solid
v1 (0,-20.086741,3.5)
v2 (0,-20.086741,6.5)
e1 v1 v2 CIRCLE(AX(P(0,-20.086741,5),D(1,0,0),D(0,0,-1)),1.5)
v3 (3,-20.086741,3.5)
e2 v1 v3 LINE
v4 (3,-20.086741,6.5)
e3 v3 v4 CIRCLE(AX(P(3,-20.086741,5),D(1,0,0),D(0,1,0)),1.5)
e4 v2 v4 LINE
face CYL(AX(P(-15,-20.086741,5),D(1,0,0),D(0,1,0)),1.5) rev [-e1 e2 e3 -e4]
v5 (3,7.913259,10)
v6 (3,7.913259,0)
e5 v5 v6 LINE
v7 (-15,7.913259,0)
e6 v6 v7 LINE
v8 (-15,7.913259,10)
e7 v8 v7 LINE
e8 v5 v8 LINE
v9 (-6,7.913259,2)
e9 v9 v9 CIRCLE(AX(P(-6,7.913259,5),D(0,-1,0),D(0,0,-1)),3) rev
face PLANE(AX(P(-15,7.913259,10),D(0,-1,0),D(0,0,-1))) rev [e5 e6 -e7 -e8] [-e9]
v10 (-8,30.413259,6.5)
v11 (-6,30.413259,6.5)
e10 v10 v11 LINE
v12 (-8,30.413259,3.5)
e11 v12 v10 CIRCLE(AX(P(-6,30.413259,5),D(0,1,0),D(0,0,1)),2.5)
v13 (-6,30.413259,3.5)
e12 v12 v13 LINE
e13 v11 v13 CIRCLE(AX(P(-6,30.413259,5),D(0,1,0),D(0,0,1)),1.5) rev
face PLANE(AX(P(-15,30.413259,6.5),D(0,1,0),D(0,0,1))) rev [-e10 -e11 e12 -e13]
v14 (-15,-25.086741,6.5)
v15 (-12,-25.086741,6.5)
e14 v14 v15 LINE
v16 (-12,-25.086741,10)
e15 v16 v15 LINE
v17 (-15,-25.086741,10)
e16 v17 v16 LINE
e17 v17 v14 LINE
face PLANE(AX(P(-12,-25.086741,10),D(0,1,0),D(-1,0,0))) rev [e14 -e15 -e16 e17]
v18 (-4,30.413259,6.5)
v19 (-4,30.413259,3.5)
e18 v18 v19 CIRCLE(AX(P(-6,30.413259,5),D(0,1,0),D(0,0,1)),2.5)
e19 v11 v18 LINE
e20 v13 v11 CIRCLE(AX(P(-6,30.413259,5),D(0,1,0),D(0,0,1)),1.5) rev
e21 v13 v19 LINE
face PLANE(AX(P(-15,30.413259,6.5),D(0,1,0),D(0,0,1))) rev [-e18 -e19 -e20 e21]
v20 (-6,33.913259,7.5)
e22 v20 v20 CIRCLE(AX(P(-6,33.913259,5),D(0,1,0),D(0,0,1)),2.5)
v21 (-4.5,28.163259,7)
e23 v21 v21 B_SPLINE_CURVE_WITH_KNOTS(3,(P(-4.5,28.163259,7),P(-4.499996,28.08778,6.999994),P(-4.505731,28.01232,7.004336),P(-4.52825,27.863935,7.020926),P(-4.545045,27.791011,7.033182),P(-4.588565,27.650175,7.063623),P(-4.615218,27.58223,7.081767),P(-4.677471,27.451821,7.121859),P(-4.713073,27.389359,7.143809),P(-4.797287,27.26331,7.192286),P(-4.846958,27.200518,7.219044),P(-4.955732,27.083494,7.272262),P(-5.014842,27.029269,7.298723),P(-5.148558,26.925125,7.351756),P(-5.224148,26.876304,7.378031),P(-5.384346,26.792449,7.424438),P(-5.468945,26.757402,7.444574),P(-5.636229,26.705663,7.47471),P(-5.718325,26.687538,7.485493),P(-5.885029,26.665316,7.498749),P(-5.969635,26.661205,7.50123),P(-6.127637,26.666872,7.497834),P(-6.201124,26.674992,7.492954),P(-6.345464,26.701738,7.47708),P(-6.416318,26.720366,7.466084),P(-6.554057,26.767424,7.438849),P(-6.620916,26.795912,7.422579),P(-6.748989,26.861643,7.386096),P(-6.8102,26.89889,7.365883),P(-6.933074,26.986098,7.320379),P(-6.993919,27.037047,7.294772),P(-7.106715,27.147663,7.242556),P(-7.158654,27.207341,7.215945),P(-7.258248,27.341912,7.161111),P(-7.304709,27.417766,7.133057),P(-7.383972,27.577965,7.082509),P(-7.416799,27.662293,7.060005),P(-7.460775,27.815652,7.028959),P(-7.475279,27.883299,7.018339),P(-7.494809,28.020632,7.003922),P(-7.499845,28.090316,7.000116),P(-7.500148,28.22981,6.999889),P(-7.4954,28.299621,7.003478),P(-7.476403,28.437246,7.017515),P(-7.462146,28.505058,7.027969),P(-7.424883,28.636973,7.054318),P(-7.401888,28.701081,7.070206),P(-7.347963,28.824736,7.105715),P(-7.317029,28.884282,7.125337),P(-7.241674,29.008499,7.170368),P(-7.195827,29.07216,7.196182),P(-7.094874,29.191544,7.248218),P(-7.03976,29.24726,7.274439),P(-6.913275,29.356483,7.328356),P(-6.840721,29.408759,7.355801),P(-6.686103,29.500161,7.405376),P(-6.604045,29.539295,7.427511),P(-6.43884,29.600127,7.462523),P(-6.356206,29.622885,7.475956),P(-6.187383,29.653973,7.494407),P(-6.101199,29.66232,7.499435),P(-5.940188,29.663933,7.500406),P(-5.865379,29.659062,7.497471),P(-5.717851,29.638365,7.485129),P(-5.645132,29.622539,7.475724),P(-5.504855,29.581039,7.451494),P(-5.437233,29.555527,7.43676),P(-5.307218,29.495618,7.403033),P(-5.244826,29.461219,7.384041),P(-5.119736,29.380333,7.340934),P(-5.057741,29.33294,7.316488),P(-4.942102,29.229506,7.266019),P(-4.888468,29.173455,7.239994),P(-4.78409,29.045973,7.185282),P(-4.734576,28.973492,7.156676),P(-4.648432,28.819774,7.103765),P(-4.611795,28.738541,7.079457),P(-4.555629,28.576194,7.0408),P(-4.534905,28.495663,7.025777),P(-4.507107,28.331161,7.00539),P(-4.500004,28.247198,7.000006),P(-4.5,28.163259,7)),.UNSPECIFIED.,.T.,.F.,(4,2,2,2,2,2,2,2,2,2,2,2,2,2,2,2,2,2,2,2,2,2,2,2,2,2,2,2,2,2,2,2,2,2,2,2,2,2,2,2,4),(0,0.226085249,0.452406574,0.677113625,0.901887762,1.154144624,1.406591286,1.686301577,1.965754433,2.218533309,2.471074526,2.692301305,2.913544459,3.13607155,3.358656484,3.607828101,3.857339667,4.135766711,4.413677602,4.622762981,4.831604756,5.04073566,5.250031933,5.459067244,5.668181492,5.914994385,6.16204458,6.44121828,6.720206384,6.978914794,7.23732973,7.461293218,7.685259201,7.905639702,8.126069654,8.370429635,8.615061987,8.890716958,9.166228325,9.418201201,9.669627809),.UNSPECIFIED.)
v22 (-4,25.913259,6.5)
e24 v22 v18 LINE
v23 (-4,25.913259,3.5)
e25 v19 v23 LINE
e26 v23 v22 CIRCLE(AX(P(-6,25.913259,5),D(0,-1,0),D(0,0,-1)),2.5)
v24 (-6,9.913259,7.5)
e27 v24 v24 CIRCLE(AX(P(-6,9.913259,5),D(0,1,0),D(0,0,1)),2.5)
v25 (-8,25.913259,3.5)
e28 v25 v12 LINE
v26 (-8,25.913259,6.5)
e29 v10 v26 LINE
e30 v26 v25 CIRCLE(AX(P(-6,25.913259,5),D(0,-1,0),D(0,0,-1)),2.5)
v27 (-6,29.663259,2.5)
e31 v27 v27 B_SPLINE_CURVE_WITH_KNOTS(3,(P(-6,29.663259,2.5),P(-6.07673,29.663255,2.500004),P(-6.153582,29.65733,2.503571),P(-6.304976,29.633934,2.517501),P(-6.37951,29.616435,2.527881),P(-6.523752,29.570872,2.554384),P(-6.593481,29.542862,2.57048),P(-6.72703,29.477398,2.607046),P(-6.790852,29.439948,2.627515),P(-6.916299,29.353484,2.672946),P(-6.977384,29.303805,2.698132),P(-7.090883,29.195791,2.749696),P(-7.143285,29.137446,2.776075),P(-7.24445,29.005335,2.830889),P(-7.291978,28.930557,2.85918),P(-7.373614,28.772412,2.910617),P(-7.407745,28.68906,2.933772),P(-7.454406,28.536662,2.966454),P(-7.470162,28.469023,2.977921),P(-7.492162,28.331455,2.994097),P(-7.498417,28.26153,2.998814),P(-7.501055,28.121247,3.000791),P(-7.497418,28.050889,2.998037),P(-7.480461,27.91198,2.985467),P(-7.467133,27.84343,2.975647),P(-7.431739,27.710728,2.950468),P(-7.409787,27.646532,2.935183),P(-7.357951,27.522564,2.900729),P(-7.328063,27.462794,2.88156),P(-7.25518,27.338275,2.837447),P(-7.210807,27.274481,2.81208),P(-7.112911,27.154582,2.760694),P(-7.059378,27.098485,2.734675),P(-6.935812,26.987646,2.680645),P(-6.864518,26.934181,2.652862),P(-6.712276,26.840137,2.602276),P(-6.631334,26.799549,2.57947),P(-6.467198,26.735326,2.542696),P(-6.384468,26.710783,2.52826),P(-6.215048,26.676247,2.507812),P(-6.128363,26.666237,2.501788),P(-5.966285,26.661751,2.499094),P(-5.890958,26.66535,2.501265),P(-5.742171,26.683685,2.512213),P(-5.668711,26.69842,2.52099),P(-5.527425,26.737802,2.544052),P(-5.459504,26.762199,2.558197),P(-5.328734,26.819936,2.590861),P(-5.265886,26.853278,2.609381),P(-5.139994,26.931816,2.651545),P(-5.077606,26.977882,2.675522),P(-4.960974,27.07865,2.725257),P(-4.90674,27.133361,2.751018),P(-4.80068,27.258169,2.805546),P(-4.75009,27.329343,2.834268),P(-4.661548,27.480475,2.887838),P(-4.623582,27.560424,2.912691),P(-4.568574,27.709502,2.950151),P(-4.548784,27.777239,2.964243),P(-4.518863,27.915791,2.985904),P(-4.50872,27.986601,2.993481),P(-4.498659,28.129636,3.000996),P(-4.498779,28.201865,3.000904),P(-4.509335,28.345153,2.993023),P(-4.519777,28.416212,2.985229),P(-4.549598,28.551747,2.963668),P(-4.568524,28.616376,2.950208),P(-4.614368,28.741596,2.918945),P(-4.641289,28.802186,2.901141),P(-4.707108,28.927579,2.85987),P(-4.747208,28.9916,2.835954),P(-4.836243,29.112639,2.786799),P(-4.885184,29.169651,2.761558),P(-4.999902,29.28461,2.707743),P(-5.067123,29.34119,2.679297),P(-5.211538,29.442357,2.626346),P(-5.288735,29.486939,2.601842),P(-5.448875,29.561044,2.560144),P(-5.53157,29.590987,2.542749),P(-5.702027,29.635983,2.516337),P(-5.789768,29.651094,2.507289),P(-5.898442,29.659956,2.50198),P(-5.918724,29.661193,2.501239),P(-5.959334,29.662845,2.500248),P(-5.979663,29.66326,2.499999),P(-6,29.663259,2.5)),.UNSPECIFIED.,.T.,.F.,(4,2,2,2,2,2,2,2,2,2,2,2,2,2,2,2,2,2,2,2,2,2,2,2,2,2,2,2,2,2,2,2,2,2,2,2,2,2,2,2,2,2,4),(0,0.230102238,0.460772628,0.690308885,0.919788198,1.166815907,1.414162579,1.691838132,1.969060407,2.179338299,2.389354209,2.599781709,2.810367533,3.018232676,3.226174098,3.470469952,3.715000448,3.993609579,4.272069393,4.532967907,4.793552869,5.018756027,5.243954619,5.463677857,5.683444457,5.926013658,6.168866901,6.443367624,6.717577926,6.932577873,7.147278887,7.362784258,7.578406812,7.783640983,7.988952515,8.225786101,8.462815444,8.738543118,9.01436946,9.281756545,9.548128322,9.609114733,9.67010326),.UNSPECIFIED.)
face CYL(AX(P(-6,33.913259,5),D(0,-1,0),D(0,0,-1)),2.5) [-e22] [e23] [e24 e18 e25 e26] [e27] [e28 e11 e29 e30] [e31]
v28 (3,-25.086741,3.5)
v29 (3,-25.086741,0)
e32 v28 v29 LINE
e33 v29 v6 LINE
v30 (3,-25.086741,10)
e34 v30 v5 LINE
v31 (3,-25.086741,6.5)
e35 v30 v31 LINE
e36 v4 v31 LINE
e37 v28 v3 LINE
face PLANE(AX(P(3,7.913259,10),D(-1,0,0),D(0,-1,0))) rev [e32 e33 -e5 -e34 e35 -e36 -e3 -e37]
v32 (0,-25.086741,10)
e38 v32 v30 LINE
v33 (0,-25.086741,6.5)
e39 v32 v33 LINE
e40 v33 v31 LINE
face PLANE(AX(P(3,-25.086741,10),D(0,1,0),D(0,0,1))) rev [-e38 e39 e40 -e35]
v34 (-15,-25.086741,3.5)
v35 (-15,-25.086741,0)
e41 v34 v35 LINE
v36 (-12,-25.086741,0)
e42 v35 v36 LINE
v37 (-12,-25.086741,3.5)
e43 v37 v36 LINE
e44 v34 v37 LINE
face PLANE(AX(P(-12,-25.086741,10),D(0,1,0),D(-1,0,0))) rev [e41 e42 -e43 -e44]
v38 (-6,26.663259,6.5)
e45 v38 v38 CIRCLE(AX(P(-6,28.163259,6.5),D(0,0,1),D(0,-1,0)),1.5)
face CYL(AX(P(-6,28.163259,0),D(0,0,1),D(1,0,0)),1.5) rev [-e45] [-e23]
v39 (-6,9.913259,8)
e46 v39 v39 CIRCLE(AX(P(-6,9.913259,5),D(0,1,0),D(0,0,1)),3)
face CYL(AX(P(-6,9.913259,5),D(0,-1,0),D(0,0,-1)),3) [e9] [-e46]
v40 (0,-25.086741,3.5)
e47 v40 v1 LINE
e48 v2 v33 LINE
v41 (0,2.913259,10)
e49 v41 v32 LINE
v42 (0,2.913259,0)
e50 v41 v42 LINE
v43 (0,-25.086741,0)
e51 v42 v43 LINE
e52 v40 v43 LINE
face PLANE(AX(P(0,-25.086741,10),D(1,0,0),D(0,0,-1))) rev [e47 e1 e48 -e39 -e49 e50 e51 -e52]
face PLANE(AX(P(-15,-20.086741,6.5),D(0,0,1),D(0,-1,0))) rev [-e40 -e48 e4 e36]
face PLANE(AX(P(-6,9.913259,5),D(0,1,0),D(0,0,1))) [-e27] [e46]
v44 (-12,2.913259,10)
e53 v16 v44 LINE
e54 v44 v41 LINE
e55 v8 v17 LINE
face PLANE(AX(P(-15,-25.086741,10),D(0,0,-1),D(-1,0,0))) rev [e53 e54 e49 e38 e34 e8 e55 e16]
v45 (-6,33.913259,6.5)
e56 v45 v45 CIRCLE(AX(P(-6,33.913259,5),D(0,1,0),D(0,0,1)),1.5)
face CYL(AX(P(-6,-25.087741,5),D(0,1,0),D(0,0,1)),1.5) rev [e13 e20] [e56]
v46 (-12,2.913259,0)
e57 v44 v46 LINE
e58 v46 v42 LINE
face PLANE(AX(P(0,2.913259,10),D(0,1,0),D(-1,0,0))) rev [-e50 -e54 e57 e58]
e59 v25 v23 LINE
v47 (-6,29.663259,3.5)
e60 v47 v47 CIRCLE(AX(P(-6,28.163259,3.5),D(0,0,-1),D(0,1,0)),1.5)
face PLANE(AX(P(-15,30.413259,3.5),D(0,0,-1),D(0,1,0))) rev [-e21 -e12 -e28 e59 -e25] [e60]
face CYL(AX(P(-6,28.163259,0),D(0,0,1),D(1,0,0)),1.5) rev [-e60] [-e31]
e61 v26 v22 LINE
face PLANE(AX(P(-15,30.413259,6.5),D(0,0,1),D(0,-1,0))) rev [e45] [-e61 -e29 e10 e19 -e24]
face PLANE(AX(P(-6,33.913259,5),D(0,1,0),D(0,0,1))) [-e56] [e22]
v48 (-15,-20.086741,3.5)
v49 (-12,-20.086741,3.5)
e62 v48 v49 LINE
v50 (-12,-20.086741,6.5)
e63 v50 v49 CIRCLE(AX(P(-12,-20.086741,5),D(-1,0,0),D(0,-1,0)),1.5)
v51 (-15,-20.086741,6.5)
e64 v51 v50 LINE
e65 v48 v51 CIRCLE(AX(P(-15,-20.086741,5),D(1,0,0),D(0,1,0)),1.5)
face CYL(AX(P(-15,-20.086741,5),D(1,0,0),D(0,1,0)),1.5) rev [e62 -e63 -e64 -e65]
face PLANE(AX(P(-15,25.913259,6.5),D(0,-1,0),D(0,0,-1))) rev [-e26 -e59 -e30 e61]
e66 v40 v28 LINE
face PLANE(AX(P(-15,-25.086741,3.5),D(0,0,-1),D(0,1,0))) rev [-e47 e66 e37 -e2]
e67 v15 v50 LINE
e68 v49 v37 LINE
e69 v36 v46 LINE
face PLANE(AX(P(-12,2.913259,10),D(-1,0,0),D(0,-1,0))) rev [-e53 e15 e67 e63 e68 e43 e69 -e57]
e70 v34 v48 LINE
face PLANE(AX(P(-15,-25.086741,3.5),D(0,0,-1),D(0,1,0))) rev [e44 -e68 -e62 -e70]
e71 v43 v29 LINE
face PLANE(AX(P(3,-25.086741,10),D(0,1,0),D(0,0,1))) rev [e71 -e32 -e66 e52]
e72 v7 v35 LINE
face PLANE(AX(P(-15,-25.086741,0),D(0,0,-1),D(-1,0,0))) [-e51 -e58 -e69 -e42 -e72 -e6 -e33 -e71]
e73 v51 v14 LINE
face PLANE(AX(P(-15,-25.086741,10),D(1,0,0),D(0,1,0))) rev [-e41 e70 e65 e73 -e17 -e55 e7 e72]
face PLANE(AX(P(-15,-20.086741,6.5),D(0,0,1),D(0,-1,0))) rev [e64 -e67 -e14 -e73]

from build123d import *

# Parameters (mm, degrees)
EXTRUDE_1_DEPTH          = 10
CUT_EXTRUDE_1_DEPTH      = 19
SKETCH_9_R               = 3
EXTRUDE_2_DEPTH          = 2
SKETCH_11_R              = 2.5
EXTRUDE_4_DEPTH          = 24
SKETCH_12_W              = 3
SKETCH_12_H              = 4.5
CUT_EXTRUDE_2_DEPTH      = 4
CUT_EXTRUDE_2_DEPTH_BACK = 16
CUT_EXTRUDE_3_REACH      = 61
SKETCH_13_R              = 1.5
SKETCH_15_R              = 1.5
CUT_EXTRUDE_4_DEPTH      = 5


with BuildPart() as part:
    # 草图1 → 凸台-拉伸1 (new body)
    with BuildSketch(Plane.XY):
        Polygon((-15, -25.086741331), (-15, 7.913258669), (3, 7.913258669), (3, -25.086741331), (0, -25.086741331), (0, 2.913258669), (-12, 2.913258669), (-12, -25.086741331), align=None)
    extrude(amount=EXTRUDE_1_DEPTH)

    # 草图2 → 切除-拉伸1 (cut, through all)
    with BuildSketch(Plane(origin=(3, 0, 0), x_dir=(0, 0, -1), z_dir=(1, 0, 0))):
        with BuildLine():
            Line((-6.5, -20.086741331), (-6.5, -25.086741331))
            Line((-6.5, -25.086741331), (-3.5, -25.086741331))
            Line((-3.5, -25.086741331), (-3.5, -20.086741331))
            ThreePointArc((-3.5, -20.086741331), (-5, -18.586741331), (-6.5, -20.086741331))
        make_face()
    extrude(amount=-CUT_EXTRUDE_1_DEPTH, mode=Mode.SUBTRACT)

    # 草图9 → 凸台-拉伸2 (add)
    with BuildSketch(Plane(origin=(0, 7.913258669, 0), x_dir=(1, 0, 0), z_dir=(0, 1, 0))):
        with Locations((-6, -5)):
            Circle(SKETCH_9_R)
    extrude(amount=EXTRUDE_2_DEPTH)

    # 草图11 → 凸台-拉伸4 (add)
    with BuildSketch(Plane(origin=(0, 9.913258669, 0), x_dir=(1, 0, 0), z_dir=(0, 1, 0))):
        with Locations((-6, -5)):
            Circle(SKETCH_11_R)
    extrude(amount=EXTRUDE_4_DEPTH)

    # 草图12 → 切除-拉伸2 (cut, two sides)
    with BuildSketch(Plane(origin=(0, 0, 0), x_dir=(0, 0, -1), z_dir=(1, 0, 0))) as cut_extrude_2_sk:
        with Locations((-5, 28.163258669)):
            Rectangle(SKETCH_12_W, SKETCH_12_H)
    extrude(amount=CUT_EXTRUDE_2_DEPTH, mode=Mode.SUBTRACT)
    extrude(cut_extrude_2_sk.sketch, amount=-CUT_EXTRUDE_2_DEPTH_BACK, mode=Mode.SUBTRACT)

    # 草图13 → 切除-拉伸3 (cut, up to next)
    with BuildSketch(Plane(origin=(0, 33.913258669, 0), x_dir=(-1, 0, 0), z_dir=(0, 1, 0)), mode=Mode.PRIVATE) as cut_extrude_3_sk1:
        with Locations((6, 5)):
            Circle(SKETCH_13_R)
    cut_extrude_3_tool1 = extrude(cut_extrude_3_sk1.sketch, amount=-CUT_EXTRUDE_3_REACH, mode=Mode.PRIVATE) & part.part
    add(cut_extrude_3_tool1.solids().sort_by_distance((-6, 33.913259, 5))[0], mode=Mode.SUBTRACT)

    # 草图15 → 切除-拉伸4 (cut, symmetric)
    with BuildSketch(Plane.XY.offset(5)):
        with Locations((-6, 28.163258669)):
            Circle(SKETCH_15_R)
    extrude(amount=CUT_EXTRUDE_4_DEPTH, both=True, mode=Mode.SUBTRACT)


solid = part.part
